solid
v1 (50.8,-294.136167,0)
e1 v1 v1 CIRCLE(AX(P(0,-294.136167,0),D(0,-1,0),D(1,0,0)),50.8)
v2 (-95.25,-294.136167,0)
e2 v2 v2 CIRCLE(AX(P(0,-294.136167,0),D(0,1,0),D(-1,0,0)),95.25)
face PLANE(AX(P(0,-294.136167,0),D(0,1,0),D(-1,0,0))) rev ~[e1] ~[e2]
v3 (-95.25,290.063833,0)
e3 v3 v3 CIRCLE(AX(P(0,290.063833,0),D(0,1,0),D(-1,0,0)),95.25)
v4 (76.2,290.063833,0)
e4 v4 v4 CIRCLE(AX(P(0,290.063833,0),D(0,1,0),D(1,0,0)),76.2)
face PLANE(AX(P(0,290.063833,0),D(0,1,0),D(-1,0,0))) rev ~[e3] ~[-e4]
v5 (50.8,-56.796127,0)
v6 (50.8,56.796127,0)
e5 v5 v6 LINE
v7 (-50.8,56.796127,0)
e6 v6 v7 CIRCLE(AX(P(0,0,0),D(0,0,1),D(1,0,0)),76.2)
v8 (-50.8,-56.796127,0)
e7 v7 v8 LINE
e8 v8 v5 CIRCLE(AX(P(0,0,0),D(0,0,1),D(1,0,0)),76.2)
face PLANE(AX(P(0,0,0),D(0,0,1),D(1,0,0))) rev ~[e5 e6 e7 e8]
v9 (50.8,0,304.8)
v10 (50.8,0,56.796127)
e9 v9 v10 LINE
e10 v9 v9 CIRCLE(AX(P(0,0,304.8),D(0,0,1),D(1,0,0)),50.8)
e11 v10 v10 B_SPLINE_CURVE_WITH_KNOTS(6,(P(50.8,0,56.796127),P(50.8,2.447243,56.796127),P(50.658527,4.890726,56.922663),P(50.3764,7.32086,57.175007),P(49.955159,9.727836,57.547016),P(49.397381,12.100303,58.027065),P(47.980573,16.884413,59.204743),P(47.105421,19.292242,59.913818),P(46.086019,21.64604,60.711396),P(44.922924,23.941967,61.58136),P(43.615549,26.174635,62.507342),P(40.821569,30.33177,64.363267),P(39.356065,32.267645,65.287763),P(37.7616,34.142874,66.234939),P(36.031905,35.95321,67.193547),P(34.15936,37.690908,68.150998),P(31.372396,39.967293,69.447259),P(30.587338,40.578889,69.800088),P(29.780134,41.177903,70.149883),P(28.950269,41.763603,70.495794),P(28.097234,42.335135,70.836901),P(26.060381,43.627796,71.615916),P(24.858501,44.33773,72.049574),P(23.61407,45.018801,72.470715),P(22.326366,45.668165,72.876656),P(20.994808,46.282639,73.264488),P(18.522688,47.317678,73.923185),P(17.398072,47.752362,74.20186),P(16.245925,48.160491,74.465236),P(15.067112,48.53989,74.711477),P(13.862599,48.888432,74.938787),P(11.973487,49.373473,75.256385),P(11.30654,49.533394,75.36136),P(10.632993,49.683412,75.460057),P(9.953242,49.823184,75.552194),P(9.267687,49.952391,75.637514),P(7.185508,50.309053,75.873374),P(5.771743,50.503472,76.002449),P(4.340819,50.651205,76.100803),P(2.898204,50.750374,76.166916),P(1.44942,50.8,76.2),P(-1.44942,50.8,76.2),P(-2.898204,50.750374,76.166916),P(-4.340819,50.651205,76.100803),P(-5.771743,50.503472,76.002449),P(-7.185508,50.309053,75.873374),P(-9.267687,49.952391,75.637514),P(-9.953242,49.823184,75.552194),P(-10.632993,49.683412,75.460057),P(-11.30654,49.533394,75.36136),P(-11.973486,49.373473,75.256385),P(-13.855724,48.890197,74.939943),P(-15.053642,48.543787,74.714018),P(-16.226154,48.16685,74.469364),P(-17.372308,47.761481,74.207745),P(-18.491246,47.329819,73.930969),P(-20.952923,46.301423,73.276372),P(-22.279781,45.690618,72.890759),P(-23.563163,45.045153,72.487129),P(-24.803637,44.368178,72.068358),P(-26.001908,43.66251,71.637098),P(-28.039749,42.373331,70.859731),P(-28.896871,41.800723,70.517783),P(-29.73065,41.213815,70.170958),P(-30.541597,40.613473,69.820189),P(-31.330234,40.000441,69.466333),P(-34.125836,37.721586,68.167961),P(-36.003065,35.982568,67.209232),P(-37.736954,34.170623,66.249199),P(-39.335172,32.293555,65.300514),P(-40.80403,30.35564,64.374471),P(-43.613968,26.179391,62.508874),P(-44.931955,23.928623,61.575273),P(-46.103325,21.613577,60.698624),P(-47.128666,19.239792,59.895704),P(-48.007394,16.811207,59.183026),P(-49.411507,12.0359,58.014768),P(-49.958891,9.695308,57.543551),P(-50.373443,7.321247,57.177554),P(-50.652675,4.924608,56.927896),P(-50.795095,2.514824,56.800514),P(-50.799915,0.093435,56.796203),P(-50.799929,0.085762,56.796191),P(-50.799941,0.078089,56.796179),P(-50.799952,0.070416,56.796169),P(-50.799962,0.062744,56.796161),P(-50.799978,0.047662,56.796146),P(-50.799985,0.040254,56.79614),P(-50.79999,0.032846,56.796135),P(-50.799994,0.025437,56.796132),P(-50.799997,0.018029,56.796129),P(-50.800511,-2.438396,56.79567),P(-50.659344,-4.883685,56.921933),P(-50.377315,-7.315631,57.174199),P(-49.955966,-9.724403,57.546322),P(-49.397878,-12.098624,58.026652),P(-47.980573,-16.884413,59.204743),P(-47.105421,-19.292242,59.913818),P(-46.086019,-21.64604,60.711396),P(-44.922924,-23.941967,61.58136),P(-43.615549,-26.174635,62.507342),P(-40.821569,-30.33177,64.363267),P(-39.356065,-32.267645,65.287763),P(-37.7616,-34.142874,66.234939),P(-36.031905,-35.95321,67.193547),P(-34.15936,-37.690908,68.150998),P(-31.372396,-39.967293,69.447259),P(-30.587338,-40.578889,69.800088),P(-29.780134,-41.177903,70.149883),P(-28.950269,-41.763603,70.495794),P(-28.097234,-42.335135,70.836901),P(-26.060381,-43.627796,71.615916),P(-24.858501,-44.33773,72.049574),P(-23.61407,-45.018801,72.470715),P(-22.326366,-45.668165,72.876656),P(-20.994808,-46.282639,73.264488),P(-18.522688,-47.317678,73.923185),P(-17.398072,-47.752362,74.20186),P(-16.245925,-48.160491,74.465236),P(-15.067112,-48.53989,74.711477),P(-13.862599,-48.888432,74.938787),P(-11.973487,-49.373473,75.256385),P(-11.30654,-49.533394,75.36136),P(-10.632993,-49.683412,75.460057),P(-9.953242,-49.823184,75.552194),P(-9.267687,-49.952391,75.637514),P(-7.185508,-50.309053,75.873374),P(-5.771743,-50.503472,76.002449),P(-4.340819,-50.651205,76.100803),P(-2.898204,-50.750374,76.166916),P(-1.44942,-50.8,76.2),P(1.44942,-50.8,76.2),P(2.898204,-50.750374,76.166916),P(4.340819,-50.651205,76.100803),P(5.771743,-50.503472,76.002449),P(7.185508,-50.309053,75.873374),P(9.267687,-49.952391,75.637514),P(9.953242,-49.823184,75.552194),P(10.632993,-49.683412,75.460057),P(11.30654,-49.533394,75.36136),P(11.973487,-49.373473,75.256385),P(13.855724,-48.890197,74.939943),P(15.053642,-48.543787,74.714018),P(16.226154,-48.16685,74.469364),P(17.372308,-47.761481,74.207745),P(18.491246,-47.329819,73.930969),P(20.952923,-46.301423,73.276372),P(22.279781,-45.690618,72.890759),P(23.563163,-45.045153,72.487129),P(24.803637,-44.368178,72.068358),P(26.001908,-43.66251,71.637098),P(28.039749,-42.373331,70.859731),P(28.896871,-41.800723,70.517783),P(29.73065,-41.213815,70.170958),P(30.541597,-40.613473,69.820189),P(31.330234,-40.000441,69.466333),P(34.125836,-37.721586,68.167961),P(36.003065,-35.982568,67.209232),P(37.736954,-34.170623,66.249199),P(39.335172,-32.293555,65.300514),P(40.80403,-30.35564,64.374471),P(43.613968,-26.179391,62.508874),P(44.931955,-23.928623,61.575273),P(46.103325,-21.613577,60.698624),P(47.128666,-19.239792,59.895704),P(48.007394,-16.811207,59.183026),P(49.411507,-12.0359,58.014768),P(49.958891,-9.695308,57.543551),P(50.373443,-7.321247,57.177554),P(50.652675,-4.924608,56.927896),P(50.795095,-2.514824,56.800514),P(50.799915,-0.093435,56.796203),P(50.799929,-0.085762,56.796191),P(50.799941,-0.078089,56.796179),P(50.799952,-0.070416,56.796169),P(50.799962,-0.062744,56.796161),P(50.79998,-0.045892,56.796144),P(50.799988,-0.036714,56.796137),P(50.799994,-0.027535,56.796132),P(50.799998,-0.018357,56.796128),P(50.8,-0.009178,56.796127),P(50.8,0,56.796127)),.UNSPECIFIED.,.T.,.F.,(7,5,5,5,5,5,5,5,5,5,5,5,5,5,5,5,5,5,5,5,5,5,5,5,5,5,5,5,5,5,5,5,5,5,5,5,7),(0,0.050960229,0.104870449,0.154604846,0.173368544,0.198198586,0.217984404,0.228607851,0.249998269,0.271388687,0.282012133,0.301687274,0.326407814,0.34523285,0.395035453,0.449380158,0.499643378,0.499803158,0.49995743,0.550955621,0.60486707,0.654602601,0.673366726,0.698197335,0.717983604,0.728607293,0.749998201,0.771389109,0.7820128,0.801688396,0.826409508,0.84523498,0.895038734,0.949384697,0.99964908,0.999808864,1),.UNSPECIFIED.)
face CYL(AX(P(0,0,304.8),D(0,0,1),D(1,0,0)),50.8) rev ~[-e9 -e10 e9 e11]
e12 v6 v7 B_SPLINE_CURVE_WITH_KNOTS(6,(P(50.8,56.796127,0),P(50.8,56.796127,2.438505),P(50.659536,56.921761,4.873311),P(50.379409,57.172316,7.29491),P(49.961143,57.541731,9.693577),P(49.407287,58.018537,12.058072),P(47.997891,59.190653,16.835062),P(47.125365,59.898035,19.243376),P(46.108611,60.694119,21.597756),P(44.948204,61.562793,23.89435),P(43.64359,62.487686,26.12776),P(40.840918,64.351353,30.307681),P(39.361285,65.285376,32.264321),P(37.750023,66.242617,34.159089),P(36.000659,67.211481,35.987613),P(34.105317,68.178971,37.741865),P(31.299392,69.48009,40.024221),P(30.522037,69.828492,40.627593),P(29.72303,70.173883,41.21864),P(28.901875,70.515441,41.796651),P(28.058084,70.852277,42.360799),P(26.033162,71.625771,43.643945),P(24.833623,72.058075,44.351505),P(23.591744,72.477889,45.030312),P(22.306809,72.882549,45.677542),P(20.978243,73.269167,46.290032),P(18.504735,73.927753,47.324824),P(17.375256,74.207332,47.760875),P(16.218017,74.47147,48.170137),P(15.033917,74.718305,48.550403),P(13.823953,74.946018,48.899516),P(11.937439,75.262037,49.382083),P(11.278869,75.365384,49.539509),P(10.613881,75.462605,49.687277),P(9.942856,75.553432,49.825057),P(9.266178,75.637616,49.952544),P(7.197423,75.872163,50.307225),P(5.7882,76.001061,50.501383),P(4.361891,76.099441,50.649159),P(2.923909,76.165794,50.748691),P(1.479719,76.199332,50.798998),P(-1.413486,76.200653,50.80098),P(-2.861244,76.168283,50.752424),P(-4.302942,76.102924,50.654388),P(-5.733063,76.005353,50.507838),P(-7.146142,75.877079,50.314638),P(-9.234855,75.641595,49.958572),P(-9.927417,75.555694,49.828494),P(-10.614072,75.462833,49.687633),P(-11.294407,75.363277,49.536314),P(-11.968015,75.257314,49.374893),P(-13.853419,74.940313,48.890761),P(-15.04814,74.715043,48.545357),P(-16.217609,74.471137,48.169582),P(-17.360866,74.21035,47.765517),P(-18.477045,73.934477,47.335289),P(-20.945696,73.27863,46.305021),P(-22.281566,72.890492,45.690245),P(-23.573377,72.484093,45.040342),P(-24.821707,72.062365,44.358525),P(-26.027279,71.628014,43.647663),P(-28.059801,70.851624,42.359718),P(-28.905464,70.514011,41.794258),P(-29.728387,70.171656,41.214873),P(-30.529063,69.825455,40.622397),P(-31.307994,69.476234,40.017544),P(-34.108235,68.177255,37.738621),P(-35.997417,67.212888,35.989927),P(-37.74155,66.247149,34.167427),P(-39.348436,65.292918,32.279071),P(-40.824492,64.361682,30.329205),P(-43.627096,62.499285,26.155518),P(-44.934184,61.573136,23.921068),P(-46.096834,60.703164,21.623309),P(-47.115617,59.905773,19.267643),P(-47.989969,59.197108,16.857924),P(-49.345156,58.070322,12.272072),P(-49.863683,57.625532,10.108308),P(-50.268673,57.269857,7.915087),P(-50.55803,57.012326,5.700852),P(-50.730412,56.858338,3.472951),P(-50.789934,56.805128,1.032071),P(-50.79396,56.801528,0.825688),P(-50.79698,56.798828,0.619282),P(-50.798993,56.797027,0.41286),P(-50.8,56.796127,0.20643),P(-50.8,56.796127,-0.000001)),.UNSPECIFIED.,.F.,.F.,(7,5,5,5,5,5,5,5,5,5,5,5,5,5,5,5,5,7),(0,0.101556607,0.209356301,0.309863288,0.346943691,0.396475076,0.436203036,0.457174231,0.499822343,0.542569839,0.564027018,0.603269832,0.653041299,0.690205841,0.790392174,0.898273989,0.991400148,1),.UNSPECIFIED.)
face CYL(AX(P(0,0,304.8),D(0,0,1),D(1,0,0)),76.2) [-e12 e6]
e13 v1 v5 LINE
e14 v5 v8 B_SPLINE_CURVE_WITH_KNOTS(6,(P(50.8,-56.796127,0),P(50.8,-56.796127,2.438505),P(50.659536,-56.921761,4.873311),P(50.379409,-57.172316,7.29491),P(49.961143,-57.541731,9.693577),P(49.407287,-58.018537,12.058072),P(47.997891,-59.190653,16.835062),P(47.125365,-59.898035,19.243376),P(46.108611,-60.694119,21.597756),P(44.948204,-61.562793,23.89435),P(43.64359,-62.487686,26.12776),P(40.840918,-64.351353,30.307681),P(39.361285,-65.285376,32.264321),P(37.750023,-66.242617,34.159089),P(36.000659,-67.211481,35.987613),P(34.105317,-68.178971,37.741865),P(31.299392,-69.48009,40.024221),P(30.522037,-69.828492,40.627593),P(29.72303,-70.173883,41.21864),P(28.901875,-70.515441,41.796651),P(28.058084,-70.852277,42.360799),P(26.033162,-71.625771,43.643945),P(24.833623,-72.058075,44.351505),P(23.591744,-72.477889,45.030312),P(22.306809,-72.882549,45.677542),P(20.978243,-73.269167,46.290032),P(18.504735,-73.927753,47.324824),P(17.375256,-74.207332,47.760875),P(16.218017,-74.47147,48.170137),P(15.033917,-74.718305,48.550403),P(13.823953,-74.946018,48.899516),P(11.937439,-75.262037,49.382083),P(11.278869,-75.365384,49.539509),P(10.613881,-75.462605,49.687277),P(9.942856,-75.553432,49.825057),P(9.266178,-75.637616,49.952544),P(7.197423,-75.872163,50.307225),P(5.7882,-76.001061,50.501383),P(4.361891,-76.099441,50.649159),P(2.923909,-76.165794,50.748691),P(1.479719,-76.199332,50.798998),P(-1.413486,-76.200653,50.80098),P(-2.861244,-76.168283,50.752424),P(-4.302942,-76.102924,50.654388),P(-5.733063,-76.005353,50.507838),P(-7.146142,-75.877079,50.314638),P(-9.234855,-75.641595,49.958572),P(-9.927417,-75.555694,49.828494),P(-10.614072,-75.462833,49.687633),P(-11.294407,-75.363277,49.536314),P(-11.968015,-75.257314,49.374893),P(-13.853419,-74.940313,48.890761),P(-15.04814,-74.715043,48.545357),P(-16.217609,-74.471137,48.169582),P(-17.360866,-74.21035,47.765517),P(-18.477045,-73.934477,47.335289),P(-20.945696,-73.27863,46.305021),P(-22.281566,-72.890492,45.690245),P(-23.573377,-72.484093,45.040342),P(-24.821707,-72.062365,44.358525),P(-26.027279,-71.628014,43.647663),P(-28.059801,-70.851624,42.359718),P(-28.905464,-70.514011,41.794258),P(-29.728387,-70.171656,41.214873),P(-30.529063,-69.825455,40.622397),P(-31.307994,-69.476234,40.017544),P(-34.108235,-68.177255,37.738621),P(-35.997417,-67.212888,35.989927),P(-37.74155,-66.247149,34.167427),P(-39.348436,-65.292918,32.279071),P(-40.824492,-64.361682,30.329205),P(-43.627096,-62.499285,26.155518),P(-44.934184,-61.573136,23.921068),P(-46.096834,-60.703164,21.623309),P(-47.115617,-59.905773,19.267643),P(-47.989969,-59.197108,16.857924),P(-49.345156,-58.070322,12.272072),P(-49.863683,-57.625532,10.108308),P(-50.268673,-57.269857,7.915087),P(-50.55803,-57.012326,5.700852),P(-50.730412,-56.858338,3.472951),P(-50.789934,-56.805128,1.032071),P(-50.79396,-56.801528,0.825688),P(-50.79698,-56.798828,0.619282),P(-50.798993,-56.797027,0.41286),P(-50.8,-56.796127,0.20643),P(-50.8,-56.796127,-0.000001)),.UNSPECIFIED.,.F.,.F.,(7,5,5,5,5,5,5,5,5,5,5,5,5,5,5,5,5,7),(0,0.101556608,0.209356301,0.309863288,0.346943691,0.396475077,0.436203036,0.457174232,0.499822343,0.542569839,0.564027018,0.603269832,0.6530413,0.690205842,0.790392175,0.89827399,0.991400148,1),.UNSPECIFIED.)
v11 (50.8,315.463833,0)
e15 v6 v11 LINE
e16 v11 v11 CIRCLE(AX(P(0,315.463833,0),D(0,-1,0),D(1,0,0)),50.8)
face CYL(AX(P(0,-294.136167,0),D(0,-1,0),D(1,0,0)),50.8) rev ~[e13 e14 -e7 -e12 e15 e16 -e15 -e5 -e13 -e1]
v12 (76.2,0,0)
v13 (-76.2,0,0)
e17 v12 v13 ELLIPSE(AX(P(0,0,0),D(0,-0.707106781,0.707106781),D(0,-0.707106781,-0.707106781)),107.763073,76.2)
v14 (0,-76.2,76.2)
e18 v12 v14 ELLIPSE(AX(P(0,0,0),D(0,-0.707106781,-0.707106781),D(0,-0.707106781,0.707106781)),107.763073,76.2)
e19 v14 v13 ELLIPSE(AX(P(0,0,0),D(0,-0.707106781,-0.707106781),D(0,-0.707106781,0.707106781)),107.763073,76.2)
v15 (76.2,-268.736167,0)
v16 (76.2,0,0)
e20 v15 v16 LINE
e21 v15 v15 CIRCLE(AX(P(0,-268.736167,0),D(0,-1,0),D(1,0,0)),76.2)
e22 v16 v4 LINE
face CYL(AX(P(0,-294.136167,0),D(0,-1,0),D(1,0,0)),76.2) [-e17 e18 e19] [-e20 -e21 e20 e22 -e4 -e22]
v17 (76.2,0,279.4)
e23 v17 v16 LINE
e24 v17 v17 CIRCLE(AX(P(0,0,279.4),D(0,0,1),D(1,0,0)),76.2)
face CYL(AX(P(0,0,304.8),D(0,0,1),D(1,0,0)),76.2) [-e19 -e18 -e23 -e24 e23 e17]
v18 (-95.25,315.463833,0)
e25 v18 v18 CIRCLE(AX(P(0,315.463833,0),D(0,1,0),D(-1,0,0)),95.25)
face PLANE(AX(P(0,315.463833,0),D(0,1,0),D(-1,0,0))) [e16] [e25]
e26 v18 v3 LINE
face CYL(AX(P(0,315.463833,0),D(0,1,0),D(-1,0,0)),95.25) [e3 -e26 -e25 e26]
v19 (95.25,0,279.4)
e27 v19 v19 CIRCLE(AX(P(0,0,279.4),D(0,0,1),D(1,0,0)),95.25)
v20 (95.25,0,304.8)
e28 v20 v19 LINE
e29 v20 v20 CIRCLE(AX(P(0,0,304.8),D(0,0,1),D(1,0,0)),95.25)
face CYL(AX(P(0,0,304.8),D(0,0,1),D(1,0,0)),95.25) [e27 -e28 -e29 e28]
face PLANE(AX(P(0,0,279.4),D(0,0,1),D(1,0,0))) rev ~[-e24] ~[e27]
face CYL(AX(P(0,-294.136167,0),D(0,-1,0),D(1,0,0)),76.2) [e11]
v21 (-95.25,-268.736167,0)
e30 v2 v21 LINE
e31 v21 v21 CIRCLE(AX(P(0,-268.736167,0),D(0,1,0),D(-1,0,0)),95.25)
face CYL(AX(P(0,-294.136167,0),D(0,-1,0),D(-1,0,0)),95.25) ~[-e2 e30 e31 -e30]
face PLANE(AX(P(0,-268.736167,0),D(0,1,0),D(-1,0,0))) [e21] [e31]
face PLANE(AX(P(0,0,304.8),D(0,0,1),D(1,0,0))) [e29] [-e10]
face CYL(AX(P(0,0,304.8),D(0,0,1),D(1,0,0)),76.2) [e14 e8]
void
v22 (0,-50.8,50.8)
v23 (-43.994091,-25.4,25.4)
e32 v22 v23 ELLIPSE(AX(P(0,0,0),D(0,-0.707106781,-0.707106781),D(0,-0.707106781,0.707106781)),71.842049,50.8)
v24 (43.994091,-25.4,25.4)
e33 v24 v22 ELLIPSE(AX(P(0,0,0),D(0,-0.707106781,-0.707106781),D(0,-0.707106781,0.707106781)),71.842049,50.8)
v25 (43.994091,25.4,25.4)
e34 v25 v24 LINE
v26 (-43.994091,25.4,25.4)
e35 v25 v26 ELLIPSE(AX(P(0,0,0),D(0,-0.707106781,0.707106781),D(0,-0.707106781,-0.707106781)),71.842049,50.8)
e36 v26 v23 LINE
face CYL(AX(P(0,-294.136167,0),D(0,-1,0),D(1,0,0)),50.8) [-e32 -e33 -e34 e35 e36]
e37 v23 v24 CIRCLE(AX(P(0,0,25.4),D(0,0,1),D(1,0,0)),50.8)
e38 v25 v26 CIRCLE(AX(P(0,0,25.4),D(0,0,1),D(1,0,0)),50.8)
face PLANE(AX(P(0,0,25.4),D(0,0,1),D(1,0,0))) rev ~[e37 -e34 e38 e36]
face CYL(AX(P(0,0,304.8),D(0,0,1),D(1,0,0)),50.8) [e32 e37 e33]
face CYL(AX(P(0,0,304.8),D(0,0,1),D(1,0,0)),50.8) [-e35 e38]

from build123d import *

# Parameters (mm, degrees)
F2_R      = 76.2
F5_DEPTH  = 609.6
F4_R      = 76.2
F6_DEPTH  = 304.8
F7_T      = -25.4
F7_2_T    = -25.4
F9_R      = 95.25
F9_R_2    = 76.2
F10_DEPTH = 25.4
F12_R     = 95.25
F12_R_2   = 76.2
F13_DEPTH = 25.4
F14_R     = 95.25
F14_R_2   = 76.2
F15_DEPTH = 25.4


with BuildPart() as f5:
    # F2 (on plane+point) → F5 (new body)
    with BuildSketch(Plane.XZ.offset(294.1361665726)):
        Circle(F2_R)
    extrude(amount=-F5_DEPTH)

    # F7
    f7_openings = [f5.faces().sort_by_distance(p)[0] for p in [
        (0, 315.463833, 0),
        (0, -294.136167, 0),
    ]]
    offset(amount=F7_T, openings=f7_openings)

    # F9 (on line) → F10 (join)
    with BuildSketch(Plane(origin=(0, -294.1361665726, 0), x_dir=(-1, 0, 0), z_dir=(0, 1, 0))):
        Circle(F9_R)
        Circle(F9_R_2, mode=Mode.SUBTRACT)
    extrude(amount=F10_DEPTH)

    # F12 (on line) → F13 (join)
    with BuildSketch(Plane(origin=(0, 315.4638334274, 0), x_dir=(-1, 0, 0), z_dir=(0, 1, 0))):
        Circle(F12_R)
        Circle(F12_R_2, mode=Mode.SUBTRACT)
    extrude(amount=-F13_DEPTH)



with BuildPart() as f6:
    # F4 (on plane+point) → F6 (new body)
    with BuildSketch(Plane.XY.offset(304.8)):
        Circle(F4_R)
    extrude(amount=-F6_DEPTH)

    # F7#2
    f7_2_openings = [f6.faces().sort_by_distance(p)[0] for p in [
        (0, 0, 304.8),
    ]]
    offset(amount=F7_2_T, openings=f7_2_openings)


with BuildPart() as f5_1:
    add(f5.part)

    add(f6.part)  # F15 merges F6
    # F14 (on plane+point) → F15 (join)
    with BuildSketch(Plane.XY.offset(304.8)):
        Circle(F14_R)
        Circle(F14_R_2, mode=Mode.SUBTRACT)
    extrude(amount=-F15_DEPTH)


solid = f5_1.part
